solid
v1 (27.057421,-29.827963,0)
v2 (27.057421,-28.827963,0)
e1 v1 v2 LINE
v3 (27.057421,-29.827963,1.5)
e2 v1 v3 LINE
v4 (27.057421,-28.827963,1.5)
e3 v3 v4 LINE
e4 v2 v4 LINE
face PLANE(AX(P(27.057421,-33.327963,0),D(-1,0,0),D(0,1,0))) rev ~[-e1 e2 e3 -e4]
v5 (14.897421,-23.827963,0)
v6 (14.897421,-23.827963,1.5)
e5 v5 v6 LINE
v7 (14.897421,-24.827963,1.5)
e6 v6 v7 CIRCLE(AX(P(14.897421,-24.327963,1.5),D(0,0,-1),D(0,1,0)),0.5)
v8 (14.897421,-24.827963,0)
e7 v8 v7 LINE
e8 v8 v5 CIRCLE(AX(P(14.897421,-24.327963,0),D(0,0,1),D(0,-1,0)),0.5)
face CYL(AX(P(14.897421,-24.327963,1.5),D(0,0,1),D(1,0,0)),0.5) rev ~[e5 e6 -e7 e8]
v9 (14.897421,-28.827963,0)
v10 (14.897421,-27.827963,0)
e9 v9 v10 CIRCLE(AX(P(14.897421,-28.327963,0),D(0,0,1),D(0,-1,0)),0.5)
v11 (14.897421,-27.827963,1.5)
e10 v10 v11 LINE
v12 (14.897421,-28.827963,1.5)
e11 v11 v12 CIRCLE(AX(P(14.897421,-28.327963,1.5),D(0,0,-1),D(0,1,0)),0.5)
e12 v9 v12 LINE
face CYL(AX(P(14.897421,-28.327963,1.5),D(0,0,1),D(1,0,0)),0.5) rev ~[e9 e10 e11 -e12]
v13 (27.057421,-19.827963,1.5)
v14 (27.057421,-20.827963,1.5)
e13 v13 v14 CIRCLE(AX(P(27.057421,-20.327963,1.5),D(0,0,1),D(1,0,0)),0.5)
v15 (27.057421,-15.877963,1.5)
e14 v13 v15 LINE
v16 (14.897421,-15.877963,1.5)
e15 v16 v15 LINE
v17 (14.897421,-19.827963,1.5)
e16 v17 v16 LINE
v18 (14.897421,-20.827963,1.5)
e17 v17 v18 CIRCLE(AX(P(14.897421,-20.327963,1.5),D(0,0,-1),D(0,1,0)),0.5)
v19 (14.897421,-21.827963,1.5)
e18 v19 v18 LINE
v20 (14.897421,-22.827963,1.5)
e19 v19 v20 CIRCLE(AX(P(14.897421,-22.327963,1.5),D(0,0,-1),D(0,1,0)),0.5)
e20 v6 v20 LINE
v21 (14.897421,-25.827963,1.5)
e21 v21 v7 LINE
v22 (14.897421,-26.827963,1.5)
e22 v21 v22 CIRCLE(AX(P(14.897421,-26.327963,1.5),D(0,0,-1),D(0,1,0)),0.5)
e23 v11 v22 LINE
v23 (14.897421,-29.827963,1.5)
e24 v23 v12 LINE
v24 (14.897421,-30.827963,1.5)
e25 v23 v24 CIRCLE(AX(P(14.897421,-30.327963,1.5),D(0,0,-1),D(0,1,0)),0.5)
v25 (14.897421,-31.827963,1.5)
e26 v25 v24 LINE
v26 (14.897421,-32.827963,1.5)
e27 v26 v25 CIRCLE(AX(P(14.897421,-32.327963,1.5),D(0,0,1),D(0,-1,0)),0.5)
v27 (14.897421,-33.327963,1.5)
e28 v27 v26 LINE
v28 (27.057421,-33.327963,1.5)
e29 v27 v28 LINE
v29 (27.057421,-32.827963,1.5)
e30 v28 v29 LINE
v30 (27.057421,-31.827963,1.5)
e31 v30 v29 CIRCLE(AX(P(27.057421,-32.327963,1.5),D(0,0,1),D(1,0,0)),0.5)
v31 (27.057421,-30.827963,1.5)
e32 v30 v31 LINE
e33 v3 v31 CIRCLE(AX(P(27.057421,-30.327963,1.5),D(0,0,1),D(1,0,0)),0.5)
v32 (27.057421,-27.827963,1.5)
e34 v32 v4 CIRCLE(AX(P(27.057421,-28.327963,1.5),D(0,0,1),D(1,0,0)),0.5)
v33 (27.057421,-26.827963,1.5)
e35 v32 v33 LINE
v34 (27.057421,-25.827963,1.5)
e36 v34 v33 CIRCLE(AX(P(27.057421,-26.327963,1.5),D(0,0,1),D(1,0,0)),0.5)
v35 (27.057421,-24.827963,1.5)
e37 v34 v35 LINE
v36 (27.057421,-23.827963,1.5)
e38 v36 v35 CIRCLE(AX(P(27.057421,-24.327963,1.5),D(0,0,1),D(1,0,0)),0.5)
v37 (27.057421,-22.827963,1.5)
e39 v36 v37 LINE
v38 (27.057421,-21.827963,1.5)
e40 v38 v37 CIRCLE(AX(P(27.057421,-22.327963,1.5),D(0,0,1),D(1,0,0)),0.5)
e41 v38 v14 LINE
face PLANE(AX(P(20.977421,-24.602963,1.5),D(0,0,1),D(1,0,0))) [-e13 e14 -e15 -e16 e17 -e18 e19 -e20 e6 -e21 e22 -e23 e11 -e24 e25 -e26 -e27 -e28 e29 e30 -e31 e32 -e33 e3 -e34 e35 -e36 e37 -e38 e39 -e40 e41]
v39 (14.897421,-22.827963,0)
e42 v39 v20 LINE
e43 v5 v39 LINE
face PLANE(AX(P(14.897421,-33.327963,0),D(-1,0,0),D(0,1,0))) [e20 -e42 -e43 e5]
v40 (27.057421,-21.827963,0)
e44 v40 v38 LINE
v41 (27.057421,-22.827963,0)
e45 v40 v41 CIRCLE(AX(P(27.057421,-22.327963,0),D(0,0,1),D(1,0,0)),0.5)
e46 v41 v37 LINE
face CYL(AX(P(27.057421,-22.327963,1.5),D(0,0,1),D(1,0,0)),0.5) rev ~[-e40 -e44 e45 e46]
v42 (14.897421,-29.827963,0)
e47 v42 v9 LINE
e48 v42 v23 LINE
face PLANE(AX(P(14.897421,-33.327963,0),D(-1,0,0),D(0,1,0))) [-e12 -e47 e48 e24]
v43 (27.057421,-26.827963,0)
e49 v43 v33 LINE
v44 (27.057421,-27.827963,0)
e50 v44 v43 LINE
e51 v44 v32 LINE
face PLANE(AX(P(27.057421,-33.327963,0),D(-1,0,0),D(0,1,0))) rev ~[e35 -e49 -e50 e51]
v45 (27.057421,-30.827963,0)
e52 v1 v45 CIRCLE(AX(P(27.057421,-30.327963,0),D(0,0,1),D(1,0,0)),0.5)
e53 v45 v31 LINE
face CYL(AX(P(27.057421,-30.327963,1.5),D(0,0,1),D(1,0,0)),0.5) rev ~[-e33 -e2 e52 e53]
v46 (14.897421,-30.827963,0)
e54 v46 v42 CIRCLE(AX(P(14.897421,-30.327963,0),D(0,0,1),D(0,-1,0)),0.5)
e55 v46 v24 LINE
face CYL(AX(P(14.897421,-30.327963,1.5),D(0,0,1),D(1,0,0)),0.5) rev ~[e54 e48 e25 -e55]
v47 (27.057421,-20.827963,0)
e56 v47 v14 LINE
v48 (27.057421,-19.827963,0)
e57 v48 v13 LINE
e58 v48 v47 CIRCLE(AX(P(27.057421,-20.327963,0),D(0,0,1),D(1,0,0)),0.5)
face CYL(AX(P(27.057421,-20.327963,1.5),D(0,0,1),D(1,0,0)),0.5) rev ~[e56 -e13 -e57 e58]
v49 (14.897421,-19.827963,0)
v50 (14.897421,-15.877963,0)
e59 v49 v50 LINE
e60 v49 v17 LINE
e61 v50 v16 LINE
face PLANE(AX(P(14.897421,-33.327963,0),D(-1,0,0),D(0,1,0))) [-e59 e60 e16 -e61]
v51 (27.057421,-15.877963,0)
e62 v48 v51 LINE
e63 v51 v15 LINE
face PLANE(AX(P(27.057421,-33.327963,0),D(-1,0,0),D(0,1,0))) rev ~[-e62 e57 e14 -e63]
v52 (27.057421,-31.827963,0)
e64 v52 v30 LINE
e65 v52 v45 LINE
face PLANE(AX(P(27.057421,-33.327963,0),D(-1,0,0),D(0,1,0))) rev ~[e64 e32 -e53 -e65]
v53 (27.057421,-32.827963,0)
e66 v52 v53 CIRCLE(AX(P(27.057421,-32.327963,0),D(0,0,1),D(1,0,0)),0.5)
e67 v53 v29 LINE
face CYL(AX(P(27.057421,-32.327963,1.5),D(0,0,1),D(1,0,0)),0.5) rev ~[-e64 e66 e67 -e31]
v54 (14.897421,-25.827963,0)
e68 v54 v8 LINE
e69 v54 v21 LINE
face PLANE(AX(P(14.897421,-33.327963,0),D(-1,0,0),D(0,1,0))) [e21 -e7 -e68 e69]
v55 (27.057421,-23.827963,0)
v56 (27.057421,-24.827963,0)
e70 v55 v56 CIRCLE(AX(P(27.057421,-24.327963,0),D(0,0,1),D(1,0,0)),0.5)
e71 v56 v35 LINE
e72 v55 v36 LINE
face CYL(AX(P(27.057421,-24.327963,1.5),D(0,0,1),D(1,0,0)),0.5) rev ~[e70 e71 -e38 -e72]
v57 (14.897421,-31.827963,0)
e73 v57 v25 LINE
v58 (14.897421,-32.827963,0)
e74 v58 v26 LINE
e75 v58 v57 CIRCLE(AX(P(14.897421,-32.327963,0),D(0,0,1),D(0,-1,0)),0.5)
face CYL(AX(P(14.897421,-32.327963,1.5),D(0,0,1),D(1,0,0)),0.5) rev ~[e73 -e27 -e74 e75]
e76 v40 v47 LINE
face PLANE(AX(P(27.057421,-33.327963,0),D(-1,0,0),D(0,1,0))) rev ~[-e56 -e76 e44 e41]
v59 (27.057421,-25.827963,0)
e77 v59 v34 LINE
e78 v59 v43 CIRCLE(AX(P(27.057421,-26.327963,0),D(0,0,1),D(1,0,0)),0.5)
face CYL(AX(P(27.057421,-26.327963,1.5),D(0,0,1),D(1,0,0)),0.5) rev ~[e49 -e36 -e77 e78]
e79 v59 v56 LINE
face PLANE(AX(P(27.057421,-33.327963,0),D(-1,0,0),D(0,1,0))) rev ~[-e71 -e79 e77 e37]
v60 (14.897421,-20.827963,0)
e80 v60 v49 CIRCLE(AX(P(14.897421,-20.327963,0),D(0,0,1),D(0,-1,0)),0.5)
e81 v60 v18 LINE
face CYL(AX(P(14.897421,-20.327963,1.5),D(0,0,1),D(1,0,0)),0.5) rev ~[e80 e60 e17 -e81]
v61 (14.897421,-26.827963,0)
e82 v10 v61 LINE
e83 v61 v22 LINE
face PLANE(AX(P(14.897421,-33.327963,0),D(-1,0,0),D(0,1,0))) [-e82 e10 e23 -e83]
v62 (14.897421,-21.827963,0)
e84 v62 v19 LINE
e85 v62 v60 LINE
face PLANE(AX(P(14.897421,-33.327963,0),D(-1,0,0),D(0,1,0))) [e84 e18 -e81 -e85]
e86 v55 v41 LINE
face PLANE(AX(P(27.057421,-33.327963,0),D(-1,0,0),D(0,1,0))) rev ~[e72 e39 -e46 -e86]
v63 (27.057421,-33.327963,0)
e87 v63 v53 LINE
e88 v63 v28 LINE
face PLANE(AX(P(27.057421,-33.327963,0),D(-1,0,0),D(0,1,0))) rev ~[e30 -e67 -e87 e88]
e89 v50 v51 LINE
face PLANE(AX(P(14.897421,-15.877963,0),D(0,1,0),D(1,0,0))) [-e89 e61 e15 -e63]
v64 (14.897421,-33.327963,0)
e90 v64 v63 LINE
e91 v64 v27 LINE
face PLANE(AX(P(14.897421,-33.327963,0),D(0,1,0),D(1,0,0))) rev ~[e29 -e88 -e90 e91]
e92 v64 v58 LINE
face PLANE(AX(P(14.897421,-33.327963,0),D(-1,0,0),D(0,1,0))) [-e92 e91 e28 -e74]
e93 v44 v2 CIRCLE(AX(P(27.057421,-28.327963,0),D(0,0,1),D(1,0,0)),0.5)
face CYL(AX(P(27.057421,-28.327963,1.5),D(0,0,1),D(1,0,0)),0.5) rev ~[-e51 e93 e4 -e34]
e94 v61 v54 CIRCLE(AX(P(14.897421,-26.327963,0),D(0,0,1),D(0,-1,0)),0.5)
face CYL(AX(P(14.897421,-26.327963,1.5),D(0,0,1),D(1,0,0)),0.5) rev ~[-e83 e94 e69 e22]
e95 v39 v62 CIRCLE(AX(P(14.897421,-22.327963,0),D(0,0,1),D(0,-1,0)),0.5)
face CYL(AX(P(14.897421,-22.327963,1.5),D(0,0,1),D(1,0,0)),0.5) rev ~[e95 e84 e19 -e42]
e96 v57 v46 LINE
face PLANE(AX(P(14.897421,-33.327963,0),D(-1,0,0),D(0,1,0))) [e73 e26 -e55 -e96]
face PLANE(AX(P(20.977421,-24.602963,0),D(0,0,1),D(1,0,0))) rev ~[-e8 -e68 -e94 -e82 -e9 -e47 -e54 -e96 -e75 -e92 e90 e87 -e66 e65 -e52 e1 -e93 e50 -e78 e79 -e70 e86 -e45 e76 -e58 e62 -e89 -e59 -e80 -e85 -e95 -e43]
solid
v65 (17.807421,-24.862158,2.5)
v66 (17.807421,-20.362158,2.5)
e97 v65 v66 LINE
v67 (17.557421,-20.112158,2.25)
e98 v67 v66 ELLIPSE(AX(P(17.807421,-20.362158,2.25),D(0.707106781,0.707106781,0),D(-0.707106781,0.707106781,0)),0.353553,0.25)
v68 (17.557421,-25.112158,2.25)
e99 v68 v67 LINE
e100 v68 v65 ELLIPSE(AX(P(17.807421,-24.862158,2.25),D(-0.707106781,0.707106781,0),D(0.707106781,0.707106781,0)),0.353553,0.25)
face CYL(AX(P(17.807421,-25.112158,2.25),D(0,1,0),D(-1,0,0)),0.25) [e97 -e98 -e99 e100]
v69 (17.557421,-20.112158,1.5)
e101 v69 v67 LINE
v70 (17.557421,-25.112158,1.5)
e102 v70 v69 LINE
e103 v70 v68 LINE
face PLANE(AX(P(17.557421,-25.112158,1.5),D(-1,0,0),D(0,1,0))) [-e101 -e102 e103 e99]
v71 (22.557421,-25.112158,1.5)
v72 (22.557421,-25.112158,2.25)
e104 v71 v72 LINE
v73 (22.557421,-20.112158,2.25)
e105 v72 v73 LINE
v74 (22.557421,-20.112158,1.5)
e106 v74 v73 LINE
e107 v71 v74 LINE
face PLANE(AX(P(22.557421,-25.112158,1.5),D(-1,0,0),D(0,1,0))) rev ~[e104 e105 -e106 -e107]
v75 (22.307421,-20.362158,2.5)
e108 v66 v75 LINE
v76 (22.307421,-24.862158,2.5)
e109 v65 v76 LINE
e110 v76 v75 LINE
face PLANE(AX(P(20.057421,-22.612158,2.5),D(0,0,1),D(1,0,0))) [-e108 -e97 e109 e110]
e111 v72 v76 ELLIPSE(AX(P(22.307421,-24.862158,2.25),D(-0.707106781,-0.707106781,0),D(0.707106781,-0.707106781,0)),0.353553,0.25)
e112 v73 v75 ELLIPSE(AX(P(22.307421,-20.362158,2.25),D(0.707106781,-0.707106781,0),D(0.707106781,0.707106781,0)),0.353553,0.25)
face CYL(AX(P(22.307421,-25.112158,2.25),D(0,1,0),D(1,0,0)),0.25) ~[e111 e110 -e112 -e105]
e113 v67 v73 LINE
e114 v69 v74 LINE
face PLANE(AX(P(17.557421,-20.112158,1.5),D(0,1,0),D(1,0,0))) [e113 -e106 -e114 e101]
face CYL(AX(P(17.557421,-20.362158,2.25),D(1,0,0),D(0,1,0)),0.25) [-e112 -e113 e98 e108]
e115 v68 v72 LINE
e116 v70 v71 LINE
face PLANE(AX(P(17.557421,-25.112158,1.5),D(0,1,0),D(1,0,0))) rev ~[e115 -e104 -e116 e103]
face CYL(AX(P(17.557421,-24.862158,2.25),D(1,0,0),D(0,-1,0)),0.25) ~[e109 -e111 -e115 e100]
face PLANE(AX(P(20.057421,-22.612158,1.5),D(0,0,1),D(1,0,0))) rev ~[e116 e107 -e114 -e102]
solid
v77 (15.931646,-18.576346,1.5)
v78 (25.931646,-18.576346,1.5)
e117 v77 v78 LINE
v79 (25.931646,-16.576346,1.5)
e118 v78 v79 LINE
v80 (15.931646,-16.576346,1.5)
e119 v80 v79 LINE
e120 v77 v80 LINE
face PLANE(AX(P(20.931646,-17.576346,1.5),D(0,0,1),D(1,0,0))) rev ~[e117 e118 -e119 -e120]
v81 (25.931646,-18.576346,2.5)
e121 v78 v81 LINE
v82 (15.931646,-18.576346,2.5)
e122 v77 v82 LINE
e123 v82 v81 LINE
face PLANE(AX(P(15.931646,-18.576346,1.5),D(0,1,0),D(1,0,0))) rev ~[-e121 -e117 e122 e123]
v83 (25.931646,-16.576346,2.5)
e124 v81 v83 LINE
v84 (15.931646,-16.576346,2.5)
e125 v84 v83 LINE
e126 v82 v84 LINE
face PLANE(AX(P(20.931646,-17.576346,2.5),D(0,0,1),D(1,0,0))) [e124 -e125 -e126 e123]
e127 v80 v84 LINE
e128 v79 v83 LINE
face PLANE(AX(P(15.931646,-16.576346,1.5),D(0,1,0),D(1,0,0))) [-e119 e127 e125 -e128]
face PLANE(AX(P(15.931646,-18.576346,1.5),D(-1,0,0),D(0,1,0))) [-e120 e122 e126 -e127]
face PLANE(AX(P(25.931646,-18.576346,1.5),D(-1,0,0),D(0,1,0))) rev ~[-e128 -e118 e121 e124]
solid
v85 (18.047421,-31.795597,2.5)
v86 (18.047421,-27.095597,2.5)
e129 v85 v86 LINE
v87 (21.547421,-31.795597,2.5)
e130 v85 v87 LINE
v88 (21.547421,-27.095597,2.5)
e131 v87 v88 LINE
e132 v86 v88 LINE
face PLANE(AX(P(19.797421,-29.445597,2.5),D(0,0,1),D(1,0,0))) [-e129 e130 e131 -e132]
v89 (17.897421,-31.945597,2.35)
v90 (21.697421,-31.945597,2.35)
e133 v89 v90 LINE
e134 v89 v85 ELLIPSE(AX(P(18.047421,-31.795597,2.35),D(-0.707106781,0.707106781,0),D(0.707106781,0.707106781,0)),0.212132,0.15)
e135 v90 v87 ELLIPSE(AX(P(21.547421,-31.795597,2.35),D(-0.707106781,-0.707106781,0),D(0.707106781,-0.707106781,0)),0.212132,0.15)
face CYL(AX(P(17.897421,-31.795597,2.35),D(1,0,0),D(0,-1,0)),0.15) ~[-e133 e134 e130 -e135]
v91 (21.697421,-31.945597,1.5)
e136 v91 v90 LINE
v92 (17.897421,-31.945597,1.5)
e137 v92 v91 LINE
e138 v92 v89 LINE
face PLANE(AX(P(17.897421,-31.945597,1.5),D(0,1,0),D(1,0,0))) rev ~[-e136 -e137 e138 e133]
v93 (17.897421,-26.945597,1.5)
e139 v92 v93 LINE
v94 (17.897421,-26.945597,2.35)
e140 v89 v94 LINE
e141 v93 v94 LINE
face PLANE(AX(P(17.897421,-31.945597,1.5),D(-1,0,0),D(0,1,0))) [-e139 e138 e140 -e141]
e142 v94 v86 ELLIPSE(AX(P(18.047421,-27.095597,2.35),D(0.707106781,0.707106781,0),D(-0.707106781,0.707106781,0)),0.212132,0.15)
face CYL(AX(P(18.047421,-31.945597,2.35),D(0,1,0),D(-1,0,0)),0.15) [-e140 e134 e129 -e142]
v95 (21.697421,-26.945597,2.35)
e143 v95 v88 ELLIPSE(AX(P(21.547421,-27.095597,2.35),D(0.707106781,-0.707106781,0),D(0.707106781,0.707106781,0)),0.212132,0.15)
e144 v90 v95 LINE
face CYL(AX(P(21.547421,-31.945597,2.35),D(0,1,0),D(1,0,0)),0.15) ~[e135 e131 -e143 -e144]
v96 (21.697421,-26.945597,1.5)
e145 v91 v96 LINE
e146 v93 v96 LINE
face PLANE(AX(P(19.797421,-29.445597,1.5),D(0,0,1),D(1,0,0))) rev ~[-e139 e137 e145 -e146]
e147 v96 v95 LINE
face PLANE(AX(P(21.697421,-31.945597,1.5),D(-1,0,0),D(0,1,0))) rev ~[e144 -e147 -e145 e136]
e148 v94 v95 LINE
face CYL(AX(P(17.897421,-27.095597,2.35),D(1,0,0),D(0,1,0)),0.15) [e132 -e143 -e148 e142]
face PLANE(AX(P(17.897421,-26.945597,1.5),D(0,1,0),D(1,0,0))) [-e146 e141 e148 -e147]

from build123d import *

# Parameters (mm, degrees)
F0_W     = 12.16
F0_H     = 17.45
F1_DEPTH = 1.5
F3_R     = 0.5
F4_DEPTH = 1.501
F2_W     = 5
F2_H     = 5
F2_W_2   = 3.8
F2_W_3   = 10
F2_H_2   = 2
F5_DEPTH = 1
F6_R     = 0.25
F7_R     = 0.15


with BuildPart() as f1:
    # F0 (on Top) → F1 (new body)
    with BuildSketch(Plane.XY):
        with Locations((20.977421, -24.602963)):
            Rectangle(F0_W, F0_H)
    extrude(amount=F1_DEPTH)

    # F3 (on face) → F4 (cut, through all)
    with BuildSketch(Plane.XY.offset(1.5)):
        with Locations((14.897421, -32.327963)):
            Circle(F3_R)
        with Locations((27.057421, -32.327963)):
            Circle(F3_R)
        with Locations((14.897421, -30.327963)):
            Circle(F3_R)
        with Locations((27.057421, -30.327963)):
            Circle(F3_R)
        with Locations((14.897421, -28.327963)):
            Circle(F3_R)
        with Locations((27.057421, -28.327963)):
            Circle(F3_R)
        with Locations((14.897421, -26.327963)):
            Circle(F3_R)
        with Locations((27.057421, -26.327963)):
            Circle(F3_R)
        with Locations((14.897421, -24.327963)):
            Circle(F3_R)
        with Locations((27.057421, -24.327963)):
            Circle(F3_R)
        with Locations((14.897421, -22.327963)):
            Circle(F3_R)
        with Locations((27.057421, -22.327963)):
            Circle(F3_R)
        with Locations((14.897421, -20.327963)):
            Circle(F3_R)
        with Locations((27.057421, -20.327963)):
            Circle(F3_R)
    extrude(amount=-F4_DEPTH, mode=Mode.SUBTRACT)


with BuildPart() as f5:
    # F2 (on face) → F5 (new body)
    with BuildSketch(Plane.XY.offset(1.5)):
        with Locations((20.057421, -22.612158)):
            Rectangle(F2_W, F2_H)
        with Locations((19.797421, -29.445597)):
            Rectangle(F2_W_2, F2_H)
        with Locations((20.931646, -17.576346)):
            Rectangle(F2_W_3, F2_H_2)
    extrude(amount=F5_DEPTH)

    # F6
    f6_edges = [f5.edges().sort_by_distance(p)[0] for p in [
        (17.557421, -22.612158, 2.5),
        (20.057421, -25.112158, 2.5),
        (22.557421, -22.612158, 2.5),
        (20.057421, -20.112158, 2.5),
    ]]
    fillet(f6_edges, radius=F6_R)

    # F7
    f7_edges = [f5.edges().sort_by_distance(p)[0] for p in [
        (17.897421, -29.445597, 2.5),
        (19.797421, -31.945597, 2.5),
        (21.697421, -29.445597, 2.5),
        (19.797421, -26.945597, 2.5),
    ]]
    fillet(f7_edges, radius=F7_R)


solid = Compound([f1.part, f5.part])
